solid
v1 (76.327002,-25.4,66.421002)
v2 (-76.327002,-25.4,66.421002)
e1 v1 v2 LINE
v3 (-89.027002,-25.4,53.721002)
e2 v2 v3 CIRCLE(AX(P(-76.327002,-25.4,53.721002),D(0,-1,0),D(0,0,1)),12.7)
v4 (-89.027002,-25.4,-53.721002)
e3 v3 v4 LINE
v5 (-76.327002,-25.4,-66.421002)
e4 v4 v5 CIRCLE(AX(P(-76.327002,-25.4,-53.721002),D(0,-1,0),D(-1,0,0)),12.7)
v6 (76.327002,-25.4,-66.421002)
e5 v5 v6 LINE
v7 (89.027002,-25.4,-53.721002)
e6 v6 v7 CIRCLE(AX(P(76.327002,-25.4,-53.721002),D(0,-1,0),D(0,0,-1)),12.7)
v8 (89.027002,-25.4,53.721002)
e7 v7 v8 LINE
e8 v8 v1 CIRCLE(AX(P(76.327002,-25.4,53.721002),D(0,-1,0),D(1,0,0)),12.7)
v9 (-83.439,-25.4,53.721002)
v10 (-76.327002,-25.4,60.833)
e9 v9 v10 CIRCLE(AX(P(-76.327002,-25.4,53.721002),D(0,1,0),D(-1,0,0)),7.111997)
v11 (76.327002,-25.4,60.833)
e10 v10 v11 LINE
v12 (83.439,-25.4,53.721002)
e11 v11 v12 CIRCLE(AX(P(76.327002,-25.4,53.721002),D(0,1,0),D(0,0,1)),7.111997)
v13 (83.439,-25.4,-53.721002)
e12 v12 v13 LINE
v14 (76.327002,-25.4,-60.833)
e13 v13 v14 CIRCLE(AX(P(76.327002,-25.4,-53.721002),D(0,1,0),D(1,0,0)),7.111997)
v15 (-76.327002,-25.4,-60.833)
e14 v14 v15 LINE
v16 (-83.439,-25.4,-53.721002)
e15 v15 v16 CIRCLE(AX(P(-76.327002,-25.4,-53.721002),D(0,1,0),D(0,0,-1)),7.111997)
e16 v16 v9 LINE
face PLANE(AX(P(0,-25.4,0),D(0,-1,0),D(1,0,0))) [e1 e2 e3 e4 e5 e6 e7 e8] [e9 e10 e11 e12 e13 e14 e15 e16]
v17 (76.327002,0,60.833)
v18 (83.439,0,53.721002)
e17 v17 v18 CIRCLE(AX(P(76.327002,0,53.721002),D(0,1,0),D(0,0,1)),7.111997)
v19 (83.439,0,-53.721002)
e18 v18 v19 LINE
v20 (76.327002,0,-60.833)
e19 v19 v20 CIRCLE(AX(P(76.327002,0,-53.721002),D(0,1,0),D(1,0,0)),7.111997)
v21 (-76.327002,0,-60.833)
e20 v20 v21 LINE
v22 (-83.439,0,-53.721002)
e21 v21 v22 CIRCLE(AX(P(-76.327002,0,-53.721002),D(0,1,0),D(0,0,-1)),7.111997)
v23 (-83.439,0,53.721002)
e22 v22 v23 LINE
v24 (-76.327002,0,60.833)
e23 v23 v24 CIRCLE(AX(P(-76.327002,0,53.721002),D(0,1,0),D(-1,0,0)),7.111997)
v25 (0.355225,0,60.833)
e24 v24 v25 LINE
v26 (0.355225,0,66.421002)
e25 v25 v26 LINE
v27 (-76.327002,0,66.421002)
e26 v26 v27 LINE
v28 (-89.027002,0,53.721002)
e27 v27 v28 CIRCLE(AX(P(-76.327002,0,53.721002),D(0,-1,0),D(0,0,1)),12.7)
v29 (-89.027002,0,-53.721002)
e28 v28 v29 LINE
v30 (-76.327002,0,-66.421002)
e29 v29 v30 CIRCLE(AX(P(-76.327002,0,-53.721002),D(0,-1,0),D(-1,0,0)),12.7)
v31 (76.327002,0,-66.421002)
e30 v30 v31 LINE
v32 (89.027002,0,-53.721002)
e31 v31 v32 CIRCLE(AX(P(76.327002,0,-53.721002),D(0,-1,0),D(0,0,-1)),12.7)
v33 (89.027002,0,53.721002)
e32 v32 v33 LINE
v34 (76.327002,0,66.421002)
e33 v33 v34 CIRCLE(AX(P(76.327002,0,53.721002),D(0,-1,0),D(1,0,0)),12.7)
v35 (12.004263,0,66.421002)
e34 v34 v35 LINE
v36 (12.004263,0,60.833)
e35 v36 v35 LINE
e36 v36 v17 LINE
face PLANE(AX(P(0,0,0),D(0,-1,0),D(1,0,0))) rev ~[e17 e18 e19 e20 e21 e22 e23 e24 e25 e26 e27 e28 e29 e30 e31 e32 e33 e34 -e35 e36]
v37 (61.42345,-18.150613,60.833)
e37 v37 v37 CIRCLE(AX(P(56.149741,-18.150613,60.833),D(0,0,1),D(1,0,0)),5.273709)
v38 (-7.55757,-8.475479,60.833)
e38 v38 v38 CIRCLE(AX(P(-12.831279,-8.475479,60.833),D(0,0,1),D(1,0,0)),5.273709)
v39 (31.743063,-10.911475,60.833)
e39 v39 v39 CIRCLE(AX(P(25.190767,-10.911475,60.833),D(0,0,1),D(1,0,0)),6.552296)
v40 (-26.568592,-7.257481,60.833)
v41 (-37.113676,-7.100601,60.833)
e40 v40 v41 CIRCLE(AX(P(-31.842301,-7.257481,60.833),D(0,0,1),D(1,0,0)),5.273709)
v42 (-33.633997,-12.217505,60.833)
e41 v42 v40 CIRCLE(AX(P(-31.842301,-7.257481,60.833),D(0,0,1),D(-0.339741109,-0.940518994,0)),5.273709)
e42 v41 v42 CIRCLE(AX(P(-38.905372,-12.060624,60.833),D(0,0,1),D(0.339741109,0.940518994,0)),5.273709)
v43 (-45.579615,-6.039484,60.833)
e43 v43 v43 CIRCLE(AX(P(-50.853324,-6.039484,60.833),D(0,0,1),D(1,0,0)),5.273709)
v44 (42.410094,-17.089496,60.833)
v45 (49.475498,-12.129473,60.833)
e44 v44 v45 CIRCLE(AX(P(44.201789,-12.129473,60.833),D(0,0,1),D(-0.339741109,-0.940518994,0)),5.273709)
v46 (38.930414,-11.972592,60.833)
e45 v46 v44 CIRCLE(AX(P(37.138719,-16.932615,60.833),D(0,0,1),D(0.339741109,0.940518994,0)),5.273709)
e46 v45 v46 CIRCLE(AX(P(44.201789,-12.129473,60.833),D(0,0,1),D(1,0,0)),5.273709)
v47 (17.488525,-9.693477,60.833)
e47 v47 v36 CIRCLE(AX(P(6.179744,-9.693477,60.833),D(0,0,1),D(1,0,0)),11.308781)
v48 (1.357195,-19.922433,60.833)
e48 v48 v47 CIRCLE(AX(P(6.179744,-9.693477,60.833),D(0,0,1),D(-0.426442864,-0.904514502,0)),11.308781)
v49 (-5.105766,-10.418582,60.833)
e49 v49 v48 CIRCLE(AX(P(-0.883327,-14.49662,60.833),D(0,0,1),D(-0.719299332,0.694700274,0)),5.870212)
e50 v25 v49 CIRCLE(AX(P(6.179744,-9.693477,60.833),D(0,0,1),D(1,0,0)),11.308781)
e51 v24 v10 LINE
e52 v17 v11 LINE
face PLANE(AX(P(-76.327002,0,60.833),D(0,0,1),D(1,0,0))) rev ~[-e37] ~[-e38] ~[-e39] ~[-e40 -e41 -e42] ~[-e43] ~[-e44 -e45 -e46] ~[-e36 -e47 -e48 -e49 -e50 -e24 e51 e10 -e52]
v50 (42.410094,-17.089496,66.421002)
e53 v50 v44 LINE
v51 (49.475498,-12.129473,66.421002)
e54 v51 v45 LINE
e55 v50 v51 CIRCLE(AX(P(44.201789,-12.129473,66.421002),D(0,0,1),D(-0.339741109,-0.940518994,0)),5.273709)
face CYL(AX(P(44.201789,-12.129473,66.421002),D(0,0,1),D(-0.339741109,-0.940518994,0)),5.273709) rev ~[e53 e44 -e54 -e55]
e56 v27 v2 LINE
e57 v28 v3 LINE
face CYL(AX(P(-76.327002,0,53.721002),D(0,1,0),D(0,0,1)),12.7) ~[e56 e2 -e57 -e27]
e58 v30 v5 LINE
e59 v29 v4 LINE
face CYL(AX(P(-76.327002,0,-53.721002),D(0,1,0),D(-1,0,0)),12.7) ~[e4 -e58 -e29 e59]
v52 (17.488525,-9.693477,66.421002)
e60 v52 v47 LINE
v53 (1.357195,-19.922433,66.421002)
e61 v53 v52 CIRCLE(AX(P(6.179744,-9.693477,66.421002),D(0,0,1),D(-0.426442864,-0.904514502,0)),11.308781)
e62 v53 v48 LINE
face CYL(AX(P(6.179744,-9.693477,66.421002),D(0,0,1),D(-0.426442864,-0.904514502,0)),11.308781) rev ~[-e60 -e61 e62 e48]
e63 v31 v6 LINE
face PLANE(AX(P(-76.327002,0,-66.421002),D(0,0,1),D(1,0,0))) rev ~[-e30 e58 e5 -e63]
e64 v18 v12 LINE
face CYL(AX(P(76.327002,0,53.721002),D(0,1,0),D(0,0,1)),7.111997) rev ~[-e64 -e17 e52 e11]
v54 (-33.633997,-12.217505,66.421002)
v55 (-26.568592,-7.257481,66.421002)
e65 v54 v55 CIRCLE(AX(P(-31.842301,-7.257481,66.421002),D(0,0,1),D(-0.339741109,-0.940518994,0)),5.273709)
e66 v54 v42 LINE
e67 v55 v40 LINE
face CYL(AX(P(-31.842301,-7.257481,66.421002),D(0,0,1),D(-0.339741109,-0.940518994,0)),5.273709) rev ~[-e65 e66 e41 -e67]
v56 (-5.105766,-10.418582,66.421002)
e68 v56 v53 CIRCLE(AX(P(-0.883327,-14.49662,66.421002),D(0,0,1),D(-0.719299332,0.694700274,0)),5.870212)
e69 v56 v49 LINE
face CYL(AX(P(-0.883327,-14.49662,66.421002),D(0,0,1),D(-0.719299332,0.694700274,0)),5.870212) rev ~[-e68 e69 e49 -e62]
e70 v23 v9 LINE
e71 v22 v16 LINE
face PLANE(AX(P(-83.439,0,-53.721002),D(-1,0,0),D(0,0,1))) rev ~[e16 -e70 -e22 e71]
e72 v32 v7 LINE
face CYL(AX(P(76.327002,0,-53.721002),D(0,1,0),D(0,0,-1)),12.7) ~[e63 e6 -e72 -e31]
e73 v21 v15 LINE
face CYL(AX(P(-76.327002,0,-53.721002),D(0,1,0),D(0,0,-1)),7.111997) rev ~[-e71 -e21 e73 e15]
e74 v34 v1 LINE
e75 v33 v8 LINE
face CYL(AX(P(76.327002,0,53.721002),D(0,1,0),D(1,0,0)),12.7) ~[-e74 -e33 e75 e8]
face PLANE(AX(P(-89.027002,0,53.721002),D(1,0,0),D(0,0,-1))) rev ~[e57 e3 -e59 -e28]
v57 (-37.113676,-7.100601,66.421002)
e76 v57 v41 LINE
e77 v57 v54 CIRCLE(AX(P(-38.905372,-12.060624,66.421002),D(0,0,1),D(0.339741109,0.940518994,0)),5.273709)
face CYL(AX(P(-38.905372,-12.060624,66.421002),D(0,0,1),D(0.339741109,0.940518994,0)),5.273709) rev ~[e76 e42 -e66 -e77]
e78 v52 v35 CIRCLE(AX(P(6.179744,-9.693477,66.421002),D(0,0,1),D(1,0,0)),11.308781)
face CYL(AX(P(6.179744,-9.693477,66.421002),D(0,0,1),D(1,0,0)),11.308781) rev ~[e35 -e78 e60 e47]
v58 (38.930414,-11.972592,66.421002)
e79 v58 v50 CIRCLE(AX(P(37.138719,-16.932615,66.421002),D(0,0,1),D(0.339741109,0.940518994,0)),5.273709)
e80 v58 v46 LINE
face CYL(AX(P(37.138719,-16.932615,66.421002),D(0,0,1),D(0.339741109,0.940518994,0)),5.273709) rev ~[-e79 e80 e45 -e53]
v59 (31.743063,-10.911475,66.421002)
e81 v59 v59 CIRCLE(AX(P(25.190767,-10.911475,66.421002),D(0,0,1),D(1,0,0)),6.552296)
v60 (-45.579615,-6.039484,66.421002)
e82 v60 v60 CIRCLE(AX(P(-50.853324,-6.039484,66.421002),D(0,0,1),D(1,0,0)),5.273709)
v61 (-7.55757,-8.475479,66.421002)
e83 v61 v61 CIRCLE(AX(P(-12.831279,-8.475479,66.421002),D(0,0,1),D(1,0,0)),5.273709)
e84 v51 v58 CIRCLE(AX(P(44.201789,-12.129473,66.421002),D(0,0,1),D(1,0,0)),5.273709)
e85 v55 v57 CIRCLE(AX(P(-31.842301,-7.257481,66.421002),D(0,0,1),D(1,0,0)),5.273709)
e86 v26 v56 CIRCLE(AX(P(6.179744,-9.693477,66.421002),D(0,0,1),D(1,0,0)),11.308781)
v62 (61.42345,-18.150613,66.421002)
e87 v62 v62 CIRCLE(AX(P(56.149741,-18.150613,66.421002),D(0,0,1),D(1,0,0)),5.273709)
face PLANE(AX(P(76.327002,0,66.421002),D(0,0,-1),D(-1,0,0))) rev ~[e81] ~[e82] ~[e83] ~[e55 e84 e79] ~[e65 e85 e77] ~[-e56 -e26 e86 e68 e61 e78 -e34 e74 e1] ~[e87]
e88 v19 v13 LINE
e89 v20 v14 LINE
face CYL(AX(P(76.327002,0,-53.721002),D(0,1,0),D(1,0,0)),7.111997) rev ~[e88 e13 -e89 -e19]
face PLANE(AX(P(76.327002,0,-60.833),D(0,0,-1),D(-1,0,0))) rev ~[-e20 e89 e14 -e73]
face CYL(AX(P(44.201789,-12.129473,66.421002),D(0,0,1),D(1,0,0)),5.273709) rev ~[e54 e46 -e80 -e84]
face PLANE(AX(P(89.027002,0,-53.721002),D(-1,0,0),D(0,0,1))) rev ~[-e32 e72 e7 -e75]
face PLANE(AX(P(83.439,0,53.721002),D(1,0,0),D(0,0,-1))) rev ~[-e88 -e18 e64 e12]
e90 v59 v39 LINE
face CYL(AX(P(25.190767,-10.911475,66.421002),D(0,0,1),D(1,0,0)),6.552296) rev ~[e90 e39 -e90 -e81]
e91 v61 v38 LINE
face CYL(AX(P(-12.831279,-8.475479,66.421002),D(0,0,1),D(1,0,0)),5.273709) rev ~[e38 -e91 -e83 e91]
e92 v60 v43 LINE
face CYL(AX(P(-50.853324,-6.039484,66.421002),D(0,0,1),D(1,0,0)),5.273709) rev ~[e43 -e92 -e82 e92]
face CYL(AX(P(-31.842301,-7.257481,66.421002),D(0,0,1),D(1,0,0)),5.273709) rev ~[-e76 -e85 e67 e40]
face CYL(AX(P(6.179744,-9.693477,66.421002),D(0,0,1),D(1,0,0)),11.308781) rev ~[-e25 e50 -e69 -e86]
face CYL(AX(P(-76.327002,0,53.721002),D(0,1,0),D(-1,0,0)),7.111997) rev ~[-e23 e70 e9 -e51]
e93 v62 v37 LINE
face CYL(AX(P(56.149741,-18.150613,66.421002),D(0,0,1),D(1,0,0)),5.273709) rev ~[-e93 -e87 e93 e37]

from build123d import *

# Parameters (mm, degrees)
F1_DEPTH = 25.4
F2_R     = 5.2737089528
F2_R_2   = 6.5522963842
F3_DEPTH = 25.4


with BuildPart() as f1:
    # F0 (on Front) → F1 (new body)
    with BuildSketch(Plane.XZ):
        with BuildLine():
            Line((76.3270024538, 66.4210021496), (-76.3270024538, 66.4210021496))
            ThreePointArc((-76.3270024538, 66.4210021496), (-85.3072585749, 62.7012582707), (-89.0270024538, 53.7210021496))
            Line((-89.0270024538, 53.7210021496), (-89.0270024538, -53.7210021496))
            ThreePointArc((-89.0270024538, -53.7210021496), (-85.3072585749, -62.7012582707), (-76.3270024538, -66.4210021496))
            Line((-76.3270024538, -66.4210021496), (76.3270024538, -66.4210021496))
            ThreePointArc((76.3270024538, -66.4210021496), (85.3072585749, -62.7012582707), (89.0270024538, -53.7210021496))
            Line((89.0270024538, -53.7210021496), (89.0270024538, 53.7210021496))
            ThreePointArc((89.0270024538, 53.7210021496), (85.3072585749, 62.7012582707), (76.3270024538, 66.4210021496))
        make_face()
        with BuildLine():
            ThreePointArc((-83.4389999509, 53.7210021496), (-81.3559441118, 58.7499438076), (-76.3270024538, 60.8329996467))
            Line((-76.3270024538, 60.8329996467), (76.3270024538, 60.8329996467))
            ThreePointArc((76.3270024538, 60.8329996467), (81.3559441118, 58.7499438076), (83.4389999509, 53.7210021496))
            Line((83.4389999509, 53.7210021496), (83.4389999509, -53.7210021496))
            ThreePointArc((83.4389999509, -53.7210021496), (81.3559441118, -58.7499438076), (76.3270024538, -60.8329996467))
            Line((76.3270024538, -60.8329996467), (-76.3270024538, -60.8329996467))
            ThreePointArc((-76.3270024538, -60.8329996467), (-81.3559441118, -58.7499438076), (-83.4389999509, -53.7210021496))
            Line((-83.4389999509, -53.7210021496), (-83.4389999509, 53.7210021496))
        make_face(mode=Mode.SUBTRACT)
    extrude(amount=F1_DEPTH)

    # F2 (on face) → F3 (cut)
    with BuildSketch(Plane.XY.offset(66.4210021496)):
        with BuildLine():
            ThreePointArc((42.4100935748, -17.0894959721), (47.2318985675, -16.44577233), (49.4754982548, -12.1294725306))
            ThreePointArc((49.4754982548, -12.1294725306), (44.2802383376, -6.8563470943), (38.9304142859, -11.9725918196))
            ThreePointArc((38.9304142859, -11.9725918196), (41.455018358, -13.9025059955), (42.4124275114, -16.932615261))
            ThreePointArc((42.4124275114, -16.932615261), (42.411843995, -17.0110642966), (42.4100935748, -17.0894959721))
        make_face()
        with BuildLine():
            ThreePointArc((42.4124275114, -16.932615261), (41.455018358, -13.9025059955), (38.9304142859, -11.9725918196))
            ThreePointArc((38.9304142859, -11.9725918196), (39.8408927075, -15.095039426), (42.4100935748, -17.0894959721))
            ThreePointArc((42.4100935748, -17.0894959721), (42.411843995, -17.0110642966), (42.4124275114, -16.932615261))
        make_face()
        with BuildLine():
            ThreePointArc((42.4100935748, -17.0894959721), (39.8408927075, -15.095039426), (38.9304142859, -11.9725918196))
            ThreePointArc((38.9304142859, -11.9725918196), (32.7778219642, -19.8981821563), (42.4100935748, -17.0894959721))
        make_face()
        with Locations((56.1497411863, -18.1506130663)):
            Circle(F2_R)
        with Locations((25.1907666744, -10.9114747254)):
            Circle(F2_R_2)
        with BuildLine():
            ThreePointArc((1.3571952178, -19.9224330682), (12.2357895359, -19.2440179583), (17.4885247542, -9.6934769201))
            ThreePointArc((17.4885247542, -9.6934769201), (5.8170049948, 1.6094847037), (-5.1057663145, -10.4185817197))
            ThreePointArc((-5.1057663145, -10.4185817197), (1.3158519799, -9.0539178543), (4.9868853689, -14.4966196505))
            ThreePointArc((4.9868853689, -14.4966196505), (3.9957986589, -17.7605935258), (1.3571952178, -19.9224330682))
        make_face()
        with BuildLine():
            ThreePointArc((4.9868853689, -14.4966196505), (1.3158519799, -9.0539178543), (-5.1057663145, -10.4185817197))
            ThreePointArc((-5.1057663145, -10.4185817197), (-3.1716296669, -16.052748164), (1.3571952178, -19.9224330682))
            ThreePointArc((1.3571952178, -19.9224330682), (3.9957986589, -17.7605935258), (4.9868853689, -14.4966196505))
        make_face()
        with BuildLine():
            ThreePointArc((1.3571952178, -19.9224330682), (-3.1716296669, -16.052748164), (-5.1057663145, -10.4185817197))
            ThreePointArc((-5.1057663145, -10.4185817197), (-5.7374792548, -17.7976183831), (1.3571952178, -19.9224330682))
        make_face()
        with Locations((-12.8312785807, -8.4754791148)):
            Circle(F2_R)
        with BuildLine():
            ThreePointArc((-33.6339969355, -12.217504751), (-28.8121919428, -11.5737811089), (-26.5685922555, -7.2574813095))
            ThreePointArc((-26.5685922555, -7.2574813095), (-31.7638521727, -1.9843558732), (-37.1136762245, -7.1006005985))
            ThreePointArc((-37.1136762245, -7.1006005985), (-34.5890721523, -9.0305147744), (-33.6316629989, -12.0606240399))
            ThreePointArc((-33.6316629989, -12.0606240399), (-33.6322465153, -12.1390730755), (-33.6339969355, -12.217504751))
        make_face()
        with BuildLine():
            ThreePointArc((-33.6316629989, -12.0606240399), (-34.5890721523, -9.0305147744), (-37.1136762245, -7.1006005985))
            ThreePointArc((-37.1136762245, -7.1006005985), (-36.2031978028, -10.2230482049), (-33.6339969355, -12.217504751))
            ThreePointArc((-33.6339969355, -12.217504751), (-33.6322465153, -12.1390730755), (-33.6316629989, -12.0606240399))
        make_face()
        with BuildLine():
            ThreePointArc((-33.6339969355, -12.217504751), (-36.2031978028, -10.2230482049), (-37.1136762245, -7.1006005985))
            ThreePointArc((-37.1136762245, -7.1006005985), (-43.2662685461, -15.0261909352), (-33.6339969355, -12.217504751))
        make_face()
        with Locations((-50.8533238359, -6.0394835043)):
            Circle(F2_R)
    extrude(amount=-F3_DEPTH, mode=Mode.SUBTRACT)


solid = f1.part
